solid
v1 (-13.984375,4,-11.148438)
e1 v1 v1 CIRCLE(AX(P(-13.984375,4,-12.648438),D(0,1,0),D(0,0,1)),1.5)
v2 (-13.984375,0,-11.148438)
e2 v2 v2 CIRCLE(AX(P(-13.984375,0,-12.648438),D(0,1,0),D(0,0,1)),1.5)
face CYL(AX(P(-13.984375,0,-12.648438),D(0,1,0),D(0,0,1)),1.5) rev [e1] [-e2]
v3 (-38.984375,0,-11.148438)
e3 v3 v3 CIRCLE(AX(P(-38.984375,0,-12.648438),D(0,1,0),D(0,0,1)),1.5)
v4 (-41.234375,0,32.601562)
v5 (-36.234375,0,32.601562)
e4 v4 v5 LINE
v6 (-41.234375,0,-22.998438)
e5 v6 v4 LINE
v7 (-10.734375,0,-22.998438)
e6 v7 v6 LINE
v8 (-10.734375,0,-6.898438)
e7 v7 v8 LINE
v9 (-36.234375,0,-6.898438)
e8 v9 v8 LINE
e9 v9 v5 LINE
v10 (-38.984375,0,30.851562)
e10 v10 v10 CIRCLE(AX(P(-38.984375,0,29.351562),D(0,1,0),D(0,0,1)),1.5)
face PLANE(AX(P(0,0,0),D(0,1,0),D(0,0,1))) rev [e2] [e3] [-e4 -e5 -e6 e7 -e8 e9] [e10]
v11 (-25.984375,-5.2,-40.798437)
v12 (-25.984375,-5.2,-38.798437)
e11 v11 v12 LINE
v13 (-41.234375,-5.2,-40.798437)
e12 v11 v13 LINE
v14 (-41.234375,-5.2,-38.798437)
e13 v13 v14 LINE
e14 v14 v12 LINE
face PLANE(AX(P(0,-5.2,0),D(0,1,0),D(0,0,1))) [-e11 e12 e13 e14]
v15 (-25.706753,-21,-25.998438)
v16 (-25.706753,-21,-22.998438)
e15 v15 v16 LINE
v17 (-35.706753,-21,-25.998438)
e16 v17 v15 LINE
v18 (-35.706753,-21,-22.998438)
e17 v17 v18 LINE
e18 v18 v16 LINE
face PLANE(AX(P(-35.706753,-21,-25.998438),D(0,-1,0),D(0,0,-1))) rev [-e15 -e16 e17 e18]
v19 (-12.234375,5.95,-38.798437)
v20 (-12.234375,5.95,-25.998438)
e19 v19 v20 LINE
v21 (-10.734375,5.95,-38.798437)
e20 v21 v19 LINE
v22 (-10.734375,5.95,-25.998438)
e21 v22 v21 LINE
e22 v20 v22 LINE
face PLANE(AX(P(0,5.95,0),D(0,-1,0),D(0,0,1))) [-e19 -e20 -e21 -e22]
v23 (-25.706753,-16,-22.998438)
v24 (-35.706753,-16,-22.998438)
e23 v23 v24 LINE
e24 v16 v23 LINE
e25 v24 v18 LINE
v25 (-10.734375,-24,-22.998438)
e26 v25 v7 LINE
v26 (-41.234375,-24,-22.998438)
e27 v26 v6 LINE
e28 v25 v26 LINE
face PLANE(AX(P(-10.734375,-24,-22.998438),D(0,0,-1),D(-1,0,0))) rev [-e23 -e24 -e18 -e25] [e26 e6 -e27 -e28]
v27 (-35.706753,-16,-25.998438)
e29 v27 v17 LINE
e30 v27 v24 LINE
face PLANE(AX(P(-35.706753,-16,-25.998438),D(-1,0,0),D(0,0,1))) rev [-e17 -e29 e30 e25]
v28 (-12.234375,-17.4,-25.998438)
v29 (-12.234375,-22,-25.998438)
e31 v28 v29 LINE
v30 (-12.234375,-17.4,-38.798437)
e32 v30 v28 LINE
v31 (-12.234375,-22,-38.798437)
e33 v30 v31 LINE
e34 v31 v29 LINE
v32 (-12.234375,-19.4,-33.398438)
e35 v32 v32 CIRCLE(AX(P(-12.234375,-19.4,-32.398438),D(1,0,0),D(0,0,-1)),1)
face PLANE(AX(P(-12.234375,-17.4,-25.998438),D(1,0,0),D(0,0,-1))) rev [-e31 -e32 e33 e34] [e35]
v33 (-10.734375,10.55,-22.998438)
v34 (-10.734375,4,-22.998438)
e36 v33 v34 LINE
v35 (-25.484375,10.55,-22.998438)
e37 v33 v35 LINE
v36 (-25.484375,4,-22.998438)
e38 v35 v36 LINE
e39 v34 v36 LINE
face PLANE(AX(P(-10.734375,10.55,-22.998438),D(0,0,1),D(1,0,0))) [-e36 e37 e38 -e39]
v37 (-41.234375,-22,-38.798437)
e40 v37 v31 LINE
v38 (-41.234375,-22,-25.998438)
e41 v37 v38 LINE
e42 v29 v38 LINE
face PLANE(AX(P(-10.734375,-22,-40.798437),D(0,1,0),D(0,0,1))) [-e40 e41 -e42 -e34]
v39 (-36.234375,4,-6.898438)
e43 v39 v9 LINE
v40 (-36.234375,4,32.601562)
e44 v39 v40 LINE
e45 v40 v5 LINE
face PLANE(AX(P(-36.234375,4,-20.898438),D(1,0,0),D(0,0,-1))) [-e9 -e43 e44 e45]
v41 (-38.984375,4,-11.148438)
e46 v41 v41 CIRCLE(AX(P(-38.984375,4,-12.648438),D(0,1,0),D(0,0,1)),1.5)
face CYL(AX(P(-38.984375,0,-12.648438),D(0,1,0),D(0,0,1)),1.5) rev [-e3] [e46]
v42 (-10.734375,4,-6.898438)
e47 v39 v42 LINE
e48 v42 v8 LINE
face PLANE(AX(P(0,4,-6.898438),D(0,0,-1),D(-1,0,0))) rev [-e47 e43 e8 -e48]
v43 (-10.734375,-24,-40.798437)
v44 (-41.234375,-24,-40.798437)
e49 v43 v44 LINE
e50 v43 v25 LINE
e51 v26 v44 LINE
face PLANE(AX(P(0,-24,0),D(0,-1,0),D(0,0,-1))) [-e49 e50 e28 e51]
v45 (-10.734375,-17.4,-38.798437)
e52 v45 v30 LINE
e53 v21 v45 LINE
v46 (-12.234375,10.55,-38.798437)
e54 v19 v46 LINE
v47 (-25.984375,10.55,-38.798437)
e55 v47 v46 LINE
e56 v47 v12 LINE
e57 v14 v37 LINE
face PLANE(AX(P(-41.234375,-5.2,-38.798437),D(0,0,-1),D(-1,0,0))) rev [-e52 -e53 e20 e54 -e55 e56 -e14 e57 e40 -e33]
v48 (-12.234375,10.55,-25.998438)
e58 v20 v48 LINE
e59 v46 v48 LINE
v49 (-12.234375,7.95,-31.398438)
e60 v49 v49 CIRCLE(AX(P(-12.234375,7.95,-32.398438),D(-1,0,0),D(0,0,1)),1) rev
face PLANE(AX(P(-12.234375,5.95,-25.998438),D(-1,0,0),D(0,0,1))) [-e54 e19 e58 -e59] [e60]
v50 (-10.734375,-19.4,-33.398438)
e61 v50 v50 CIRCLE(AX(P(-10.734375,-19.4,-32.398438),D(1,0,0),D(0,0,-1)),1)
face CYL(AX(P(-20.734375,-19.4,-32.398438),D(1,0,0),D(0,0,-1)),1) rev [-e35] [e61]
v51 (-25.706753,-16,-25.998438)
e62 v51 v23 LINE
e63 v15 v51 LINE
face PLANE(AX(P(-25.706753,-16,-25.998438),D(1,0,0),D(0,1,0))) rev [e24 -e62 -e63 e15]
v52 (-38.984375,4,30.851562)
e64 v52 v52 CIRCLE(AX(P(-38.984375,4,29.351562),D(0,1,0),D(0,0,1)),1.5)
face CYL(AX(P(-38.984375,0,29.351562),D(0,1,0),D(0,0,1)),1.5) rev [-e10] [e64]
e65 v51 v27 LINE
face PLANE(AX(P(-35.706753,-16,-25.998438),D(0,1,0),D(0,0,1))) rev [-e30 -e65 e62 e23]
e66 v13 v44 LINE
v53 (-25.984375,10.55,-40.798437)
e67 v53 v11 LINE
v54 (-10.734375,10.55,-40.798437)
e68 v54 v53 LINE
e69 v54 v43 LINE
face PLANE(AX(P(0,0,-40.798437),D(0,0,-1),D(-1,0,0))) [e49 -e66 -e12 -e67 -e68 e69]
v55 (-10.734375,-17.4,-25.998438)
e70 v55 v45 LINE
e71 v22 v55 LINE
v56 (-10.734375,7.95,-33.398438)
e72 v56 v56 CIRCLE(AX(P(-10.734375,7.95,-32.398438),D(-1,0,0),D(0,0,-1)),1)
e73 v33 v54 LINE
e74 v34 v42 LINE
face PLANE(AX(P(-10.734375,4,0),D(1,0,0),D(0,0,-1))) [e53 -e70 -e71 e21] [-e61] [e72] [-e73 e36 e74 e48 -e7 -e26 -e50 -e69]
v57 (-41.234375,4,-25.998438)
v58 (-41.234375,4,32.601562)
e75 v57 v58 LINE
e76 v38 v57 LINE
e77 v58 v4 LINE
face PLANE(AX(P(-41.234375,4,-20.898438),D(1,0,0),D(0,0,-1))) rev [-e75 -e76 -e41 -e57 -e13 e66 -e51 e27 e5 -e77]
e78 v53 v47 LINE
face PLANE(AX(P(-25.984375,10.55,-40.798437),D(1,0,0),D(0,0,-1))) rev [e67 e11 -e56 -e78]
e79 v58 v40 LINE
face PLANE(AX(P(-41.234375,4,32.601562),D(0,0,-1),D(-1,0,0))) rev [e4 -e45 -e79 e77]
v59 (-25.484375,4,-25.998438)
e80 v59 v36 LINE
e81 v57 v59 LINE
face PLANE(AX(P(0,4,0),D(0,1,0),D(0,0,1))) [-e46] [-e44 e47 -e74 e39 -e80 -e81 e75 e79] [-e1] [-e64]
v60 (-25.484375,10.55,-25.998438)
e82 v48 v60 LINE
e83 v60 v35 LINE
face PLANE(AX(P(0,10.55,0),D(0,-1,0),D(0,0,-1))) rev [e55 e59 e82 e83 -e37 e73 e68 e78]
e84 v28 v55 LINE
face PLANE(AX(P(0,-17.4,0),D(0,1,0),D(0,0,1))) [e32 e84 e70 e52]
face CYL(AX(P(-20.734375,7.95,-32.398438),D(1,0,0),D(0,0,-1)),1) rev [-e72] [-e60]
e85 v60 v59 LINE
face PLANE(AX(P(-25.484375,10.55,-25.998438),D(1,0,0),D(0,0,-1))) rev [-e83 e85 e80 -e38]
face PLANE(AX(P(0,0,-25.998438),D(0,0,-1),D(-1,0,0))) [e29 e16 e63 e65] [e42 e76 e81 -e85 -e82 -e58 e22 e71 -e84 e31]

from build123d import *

# Parameters (mm, degrees)
SKETCH1_W            = 25.5
SKETCH1_H            = 14
BOSS_EXTRUDE1_DEPTH  = 4
SKETCH2_R            = 1.5
CUT_EXTRUDE1_DEPTH   = 53.71750714
SKETCH3_W            = 30.5
SKETCH3_H            = 4
BOSS_EXTRUDE2_DEPTH  = 5.1
SKETCH4_W            = 30.5
SKETCH4_H            = 3
BOSS_EXTRUDE3_DEPTH  = 24
SKETCH5_W            = 30.5
SKETCH5_H            = 2
BOSS_EXTRUDE8_DEPTH  = 14.8
SKETCH10_W           = 30.5
SKETCH10_H           = 2
BOSS_EXTRUDE9_DEPTH  = 16.8
SKETCH11_W           = 1.5
SKETCH11_H           = 12.8
BOSS_EXTRUDE10_DEPTH = 4.6
SKETCH13_W           = 15.25
SKETCH13_H           = 2
BOSS_EXTRUDE11_DEPTH = 15.75
SKETCH14_W           = 10
SKETCH14_H           = 5
CUT_EXTRUDE5_DEPTH   = 3
SKETCH16_R           = 1
CUT_EXTRUDE6_DEPTH   = 10
SKETCH15_W           = 14.75
SKETCH15_H           = 3
BOSS_EXTRUDE12_DEPTH = 6.55


with BuildPart() as part:
    # Sketch1 → Boss-Extrude1 (new body)
    with BuildSketch(Plane(origin=(0, 0, 0), x_dir=(1, 0, 0), z_dir=(0, 1, 0))):
        Polygon((-36.234375, 20.8984375), (-41.234375, 20.8984375), (-41.234375, -32.6015625), (-36.234375, -32.6015625), (-36.234375, 6.8984375), align=None)
        with Locations((-23.484375, 13.8984375)):
            Rectangle(SKETCH1_W, SKETCH1_H)
    extrude(amount=BOSS_EXTRUDE1_DEPTH)

    # Sketch2 → Cut-Extrude1 (cut, through all)
    with BuildSketch(Plane(origin=(0, 4, 0), x_dir=(1, 0, 0), z_dir=(0, 1, 0))):
        with Locations(Location((-38.984375, -29.3515625, 0), (0, 0, 270))):
            Circle(SKETCH2_R)
        with Locations(Location((-38.984375, 12.6484375, 0), (0, 0, 270))):
            Circle(SKETCH2_R)
        with Locations(Location((-13.984375, 12.6484375, 0), (0, 0, 270))):
            Circle(SKETCH2_R)
    extrude(amount=-CUT_EXTRUDE1_DEPTH, mode=Mode.SUBTRACT)

    # Sketch3 → Boss-Extrude2 (add)
    with BuildSketch(Plane(origin=(0, 0, -20.8984375), x_dir=(-1, 0, 0), z_dir=(0, 0, -1))):
        with Locations((25.984375, 2)):
            Rectangle(SKETCH3_W, SKETCH3_H)
    extrude(amount=BOSS_EXTRUDE2_DEPTH)

    # Sketch4 → Boss-Extrude3 (add)
    with BuildSketch(Plane.XZ):
        with Locations((-25.984375, -24.4984375)):
            Rectangle(SKETCH4_W, SKETCH4_H)
    extrude(amount=BOSS_EXTRUDE3_DEPTH)

    # Sketch5 → Boss-Extrude8 (add)
    with BuildSketch(Plane(origin=(0, 0, -25.9984375), x_dir=(-1, 0, 0), z_dir=(0, 0, -1))):
        with Locations((25.984375, -23)):
            Rectangle(SKETCH5_W, SKETCH5_H)
    extrude(amount=BOSS_EXTRUDE8_DEPTH)

    # Sketch10 → Boss-Extrude9 (add)
    with BuildSketch(Plane(origin=(0, -22, 0), x_dir=(1, 0, 0), z_dir=(0, 1, 0))):
        with Locations((-25.984375, 39.7984375)):
            Rectangle(SKETCH10_W, SKETCH10_H)
    extrude(amount=BOSS_EXTRUDE9_DEPTH)

    # Sketch11 → Boss-Extrude10 (add)
    with BuildSketch(Plane(origin=(0, -22, 0), x_dir=(1, 0, 0), z_dir=(0, 1, 0))):
        with Locations((-11.484375, 32.3984375)):
            Rectangle(SKETCH11_W, SKETCH11_H)
    boss_extrude10 = extrude(amount=BOSS_EXTRUDE10_DEPTH)

    # Sketch13 → Boss-Extrude11 (add)
    with BuildSketch(Plane(origin=(0, -5.2, 0), x_dir=(1, 0, 0), z_dir=(0, 1, 0))):
        with Locations((-18.359375, 39.7984375)):
            Rectangle(SKETCH13_W, SKETCH13_H)
    extrude(amount=BOSS_EXTRUDE11_DEPTH)

    # Sketch14 → Cut-Extrude5 (cut)
    with BuildSketch(Plane.XY.offset(-22.9984375)):
        with Locations((-30.706752917, -18.5)):
            Rectangle(SKETCH14_W, SKETCH14_H)
    extrude(amount=-CUT_EXTRUDE5_DEPTH, mode=Mode.SUBTRACT)

    # Sketch16 → Cut-Extrude6 (cut)
    with BuildSketch(Plane(origin=(-10.734375, 0, 0), x_dir=(0, 0, -1), z_dir=(1, 0, 0))):
        with Locations((32.3984375, -19.4)):
            Circle(SKETCH16_R)
    cut_extrude6 = extrude(amount=-CUT_EXTRUDE6_DEPTH, mode=Mode.SUBTRACT)

    # Mirror1: Boss-Extrude10, Cut-Extrude6 across plane
    add(boss_extrude10.mirror(Plane(origin=(0, -5.725, 0), x_dir=(0, 0, 1), z_dir=(0, -1, 0))))
    add(cut_extrude6.mirror(Plane(origin=(0, -5.725, 0), x_dir=(0, 0, 1), z_dir=(0, -1, 0))), mode=Mode.SUBTRACT)

    # Sketch15 → Boss-Extrude12 (add)
    with BuildSketch(Plane(origin=(0, 4, 0), x_dir=(1, 0, 0), z_dir=(0, 1, 0))):
        with Locations((-18.109375, 24.4984375)):
            Rectangle(SKETCH15_W, SKETCH15_H)
    extrude(amount=BOSS_EXTRUDE12_DEPTH)


solid = part.part
